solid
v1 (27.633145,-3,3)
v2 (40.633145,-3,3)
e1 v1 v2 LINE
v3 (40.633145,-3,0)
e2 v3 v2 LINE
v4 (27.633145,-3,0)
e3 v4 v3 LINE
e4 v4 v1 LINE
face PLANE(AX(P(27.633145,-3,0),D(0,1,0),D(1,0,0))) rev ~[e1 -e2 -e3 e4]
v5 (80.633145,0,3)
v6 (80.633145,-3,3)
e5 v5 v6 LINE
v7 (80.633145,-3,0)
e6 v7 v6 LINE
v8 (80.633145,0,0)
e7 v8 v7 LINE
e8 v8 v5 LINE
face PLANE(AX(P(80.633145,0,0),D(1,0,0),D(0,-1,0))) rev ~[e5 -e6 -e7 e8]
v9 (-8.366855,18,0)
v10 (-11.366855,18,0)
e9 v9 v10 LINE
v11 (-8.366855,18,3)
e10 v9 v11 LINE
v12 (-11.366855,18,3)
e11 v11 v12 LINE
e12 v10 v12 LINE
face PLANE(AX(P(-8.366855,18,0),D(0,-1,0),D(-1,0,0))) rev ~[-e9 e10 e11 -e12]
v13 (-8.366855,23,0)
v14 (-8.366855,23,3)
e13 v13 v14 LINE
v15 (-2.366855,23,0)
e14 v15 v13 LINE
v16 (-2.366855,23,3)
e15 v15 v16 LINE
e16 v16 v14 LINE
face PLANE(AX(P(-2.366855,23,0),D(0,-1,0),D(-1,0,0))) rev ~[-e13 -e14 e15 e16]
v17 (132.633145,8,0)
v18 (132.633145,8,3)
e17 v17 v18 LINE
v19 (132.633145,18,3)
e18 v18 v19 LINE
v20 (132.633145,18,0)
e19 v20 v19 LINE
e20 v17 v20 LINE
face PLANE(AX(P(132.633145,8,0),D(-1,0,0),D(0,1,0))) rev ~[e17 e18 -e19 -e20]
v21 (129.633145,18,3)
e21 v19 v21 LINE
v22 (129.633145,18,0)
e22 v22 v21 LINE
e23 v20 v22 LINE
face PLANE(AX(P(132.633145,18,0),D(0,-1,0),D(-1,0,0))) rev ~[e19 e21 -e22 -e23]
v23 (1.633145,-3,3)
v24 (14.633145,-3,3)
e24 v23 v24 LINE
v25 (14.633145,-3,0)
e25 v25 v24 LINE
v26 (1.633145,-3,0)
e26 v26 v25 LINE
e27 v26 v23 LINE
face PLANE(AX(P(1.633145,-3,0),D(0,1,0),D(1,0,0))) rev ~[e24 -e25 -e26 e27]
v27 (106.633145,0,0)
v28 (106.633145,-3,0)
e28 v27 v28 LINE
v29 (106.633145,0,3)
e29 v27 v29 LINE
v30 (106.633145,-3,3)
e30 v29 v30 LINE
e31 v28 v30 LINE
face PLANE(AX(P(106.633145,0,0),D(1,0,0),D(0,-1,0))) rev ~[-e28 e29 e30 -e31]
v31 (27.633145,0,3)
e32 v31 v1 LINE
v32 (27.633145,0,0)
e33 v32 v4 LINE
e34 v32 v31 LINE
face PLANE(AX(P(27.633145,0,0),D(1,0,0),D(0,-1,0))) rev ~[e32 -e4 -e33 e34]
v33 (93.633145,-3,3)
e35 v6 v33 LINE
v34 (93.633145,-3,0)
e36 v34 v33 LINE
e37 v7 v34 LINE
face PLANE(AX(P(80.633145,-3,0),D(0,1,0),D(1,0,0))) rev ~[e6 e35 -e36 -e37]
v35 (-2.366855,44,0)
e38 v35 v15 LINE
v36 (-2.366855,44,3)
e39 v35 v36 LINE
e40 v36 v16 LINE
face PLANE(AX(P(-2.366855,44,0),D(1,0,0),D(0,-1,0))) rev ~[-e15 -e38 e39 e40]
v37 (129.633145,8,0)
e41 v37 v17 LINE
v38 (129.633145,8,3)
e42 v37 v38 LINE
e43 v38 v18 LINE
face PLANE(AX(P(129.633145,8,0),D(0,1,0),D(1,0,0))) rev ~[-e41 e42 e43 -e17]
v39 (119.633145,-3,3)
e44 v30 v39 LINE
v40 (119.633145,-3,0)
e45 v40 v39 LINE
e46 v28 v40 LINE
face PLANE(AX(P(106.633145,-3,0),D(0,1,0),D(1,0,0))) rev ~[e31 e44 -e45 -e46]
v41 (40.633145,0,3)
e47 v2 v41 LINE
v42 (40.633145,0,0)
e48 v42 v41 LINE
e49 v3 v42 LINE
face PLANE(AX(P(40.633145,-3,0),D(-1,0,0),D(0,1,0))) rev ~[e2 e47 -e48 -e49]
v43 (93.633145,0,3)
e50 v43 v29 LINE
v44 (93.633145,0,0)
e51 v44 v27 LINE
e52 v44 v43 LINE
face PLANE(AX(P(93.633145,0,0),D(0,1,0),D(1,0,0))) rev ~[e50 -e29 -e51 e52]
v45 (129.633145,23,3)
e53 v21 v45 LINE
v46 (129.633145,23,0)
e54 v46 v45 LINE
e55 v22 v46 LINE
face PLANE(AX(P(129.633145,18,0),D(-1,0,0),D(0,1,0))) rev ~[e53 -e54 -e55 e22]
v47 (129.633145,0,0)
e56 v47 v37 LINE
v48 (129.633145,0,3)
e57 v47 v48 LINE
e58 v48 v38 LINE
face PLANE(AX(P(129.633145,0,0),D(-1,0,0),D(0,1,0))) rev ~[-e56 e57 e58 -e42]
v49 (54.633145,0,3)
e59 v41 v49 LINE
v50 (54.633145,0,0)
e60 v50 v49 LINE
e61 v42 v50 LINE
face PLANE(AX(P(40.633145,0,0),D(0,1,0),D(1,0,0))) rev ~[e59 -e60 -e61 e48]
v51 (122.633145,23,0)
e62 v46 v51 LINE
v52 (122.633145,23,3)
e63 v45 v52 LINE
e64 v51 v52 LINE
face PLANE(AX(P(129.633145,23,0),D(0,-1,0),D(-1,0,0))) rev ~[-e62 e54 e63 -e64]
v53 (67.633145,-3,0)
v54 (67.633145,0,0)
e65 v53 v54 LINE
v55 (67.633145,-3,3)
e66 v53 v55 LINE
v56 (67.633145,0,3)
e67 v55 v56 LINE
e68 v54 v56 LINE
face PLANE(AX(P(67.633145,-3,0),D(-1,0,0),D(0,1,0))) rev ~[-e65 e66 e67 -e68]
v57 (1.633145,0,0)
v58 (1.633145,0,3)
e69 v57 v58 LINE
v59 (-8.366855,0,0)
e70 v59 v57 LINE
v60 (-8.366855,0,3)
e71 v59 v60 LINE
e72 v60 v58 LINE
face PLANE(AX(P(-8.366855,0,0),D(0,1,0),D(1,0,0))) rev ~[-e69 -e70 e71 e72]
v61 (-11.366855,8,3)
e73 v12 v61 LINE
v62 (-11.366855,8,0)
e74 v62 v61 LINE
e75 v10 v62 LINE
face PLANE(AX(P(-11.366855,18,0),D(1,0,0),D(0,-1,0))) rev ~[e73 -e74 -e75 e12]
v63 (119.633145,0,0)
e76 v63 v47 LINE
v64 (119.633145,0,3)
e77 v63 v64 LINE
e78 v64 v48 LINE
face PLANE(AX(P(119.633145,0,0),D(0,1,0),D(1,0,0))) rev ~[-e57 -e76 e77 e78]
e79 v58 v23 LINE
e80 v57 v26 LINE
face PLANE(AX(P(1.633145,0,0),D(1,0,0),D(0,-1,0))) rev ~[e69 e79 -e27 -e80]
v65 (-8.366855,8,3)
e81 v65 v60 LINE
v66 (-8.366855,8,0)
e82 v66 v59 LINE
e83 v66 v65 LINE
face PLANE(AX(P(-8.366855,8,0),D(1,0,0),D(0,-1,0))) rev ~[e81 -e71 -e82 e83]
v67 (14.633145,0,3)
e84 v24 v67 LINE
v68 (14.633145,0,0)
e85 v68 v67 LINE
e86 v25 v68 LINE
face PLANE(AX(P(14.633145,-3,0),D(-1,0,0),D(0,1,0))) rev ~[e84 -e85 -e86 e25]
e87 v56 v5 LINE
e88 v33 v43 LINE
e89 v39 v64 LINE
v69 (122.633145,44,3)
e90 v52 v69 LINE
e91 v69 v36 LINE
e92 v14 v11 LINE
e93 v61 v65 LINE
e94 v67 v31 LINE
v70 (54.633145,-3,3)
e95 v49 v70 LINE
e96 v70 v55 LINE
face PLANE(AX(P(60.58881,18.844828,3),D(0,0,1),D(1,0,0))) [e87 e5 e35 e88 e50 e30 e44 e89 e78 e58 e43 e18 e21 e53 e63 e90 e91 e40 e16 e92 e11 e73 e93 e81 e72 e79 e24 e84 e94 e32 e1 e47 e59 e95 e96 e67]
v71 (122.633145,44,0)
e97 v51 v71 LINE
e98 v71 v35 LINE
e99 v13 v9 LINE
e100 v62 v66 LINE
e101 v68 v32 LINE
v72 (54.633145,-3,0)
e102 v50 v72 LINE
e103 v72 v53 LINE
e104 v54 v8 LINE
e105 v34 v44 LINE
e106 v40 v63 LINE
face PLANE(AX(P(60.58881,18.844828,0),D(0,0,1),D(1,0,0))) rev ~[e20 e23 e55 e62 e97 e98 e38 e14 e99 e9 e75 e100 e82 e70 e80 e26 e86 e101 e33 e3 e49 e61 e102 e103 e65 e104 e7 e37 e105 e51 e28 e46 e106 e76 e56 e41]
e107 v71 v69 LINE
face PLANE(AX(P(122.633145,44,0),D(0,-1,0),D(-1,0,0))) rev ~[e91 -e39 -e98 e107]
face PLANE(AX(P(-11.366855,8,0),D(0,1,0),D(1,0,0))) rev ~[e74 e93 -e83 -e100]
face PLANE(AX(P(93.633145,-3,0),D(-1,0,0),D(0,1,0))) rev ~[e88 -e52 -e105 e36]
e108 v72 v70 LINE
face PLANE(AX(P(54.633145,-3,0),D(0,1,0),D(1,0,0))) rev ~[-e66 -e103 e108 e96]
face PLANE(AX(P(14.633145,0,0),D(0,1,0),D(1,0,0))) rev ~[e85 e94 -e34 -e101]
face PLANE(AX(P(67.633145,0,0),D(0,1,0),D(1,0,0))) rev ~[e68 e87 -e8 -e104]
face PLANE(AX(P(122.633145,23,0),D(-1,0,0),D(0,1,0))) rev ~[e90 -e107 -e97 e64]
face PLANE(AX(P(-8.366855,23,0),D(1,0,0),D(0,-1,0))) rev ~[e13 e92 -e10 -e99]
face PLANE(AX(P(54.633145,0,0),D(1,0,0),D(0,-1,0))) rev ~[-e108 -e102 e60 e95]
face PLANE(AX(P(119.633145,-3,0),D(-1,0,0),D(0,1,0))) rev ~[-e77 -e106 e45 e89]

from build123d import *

# Parameters (mm, degrees)
BOSS_EXTRUDE1_DEPTH = 3


with BuildPart() as part:
    # Sketch1 → Boss-Extrude1 (new body)
    with BuildSketch(Plane.XY):
        Polygon((14.633144841, 0), (27.633144841, 0), (27.633144841, -3), (40.633144841, -3), (40.633144841, 0), (54.633144841, 0), (54.633144841, -3), (67.633144841, -3), (67.633144841, 0), (80.633144841, 0), (80.633144841, -3), (93.633144841, -3), (93.633144841, 0), (106.633144841, 0), (106.633144841, -3), (119.633144841, -3), (119.633144841, 0), (125, 0), (129.633144841, 0), (129.633144841, 8), (132.633144841, 8), (132.633144841, 18), (129.633144841, 18), (129.633144841, 23), (122.633144841, 23), (122.633144841, 44), (-2.366855159, 44), (-2.366855159, 23), (-8.366855159, 23), (-8.366855159, 18), (-11.366855159, 18), (-11.366855159, 8), (-8.366855159, 8), (-8.366855159, 0), (0, 0), (1.633144841, 0), (1.633144841, -3), (14.633144841, -3), align=None)
    extrude(amount=BOSS_EXTRUDE1_DEPTH)


solid = part.part
